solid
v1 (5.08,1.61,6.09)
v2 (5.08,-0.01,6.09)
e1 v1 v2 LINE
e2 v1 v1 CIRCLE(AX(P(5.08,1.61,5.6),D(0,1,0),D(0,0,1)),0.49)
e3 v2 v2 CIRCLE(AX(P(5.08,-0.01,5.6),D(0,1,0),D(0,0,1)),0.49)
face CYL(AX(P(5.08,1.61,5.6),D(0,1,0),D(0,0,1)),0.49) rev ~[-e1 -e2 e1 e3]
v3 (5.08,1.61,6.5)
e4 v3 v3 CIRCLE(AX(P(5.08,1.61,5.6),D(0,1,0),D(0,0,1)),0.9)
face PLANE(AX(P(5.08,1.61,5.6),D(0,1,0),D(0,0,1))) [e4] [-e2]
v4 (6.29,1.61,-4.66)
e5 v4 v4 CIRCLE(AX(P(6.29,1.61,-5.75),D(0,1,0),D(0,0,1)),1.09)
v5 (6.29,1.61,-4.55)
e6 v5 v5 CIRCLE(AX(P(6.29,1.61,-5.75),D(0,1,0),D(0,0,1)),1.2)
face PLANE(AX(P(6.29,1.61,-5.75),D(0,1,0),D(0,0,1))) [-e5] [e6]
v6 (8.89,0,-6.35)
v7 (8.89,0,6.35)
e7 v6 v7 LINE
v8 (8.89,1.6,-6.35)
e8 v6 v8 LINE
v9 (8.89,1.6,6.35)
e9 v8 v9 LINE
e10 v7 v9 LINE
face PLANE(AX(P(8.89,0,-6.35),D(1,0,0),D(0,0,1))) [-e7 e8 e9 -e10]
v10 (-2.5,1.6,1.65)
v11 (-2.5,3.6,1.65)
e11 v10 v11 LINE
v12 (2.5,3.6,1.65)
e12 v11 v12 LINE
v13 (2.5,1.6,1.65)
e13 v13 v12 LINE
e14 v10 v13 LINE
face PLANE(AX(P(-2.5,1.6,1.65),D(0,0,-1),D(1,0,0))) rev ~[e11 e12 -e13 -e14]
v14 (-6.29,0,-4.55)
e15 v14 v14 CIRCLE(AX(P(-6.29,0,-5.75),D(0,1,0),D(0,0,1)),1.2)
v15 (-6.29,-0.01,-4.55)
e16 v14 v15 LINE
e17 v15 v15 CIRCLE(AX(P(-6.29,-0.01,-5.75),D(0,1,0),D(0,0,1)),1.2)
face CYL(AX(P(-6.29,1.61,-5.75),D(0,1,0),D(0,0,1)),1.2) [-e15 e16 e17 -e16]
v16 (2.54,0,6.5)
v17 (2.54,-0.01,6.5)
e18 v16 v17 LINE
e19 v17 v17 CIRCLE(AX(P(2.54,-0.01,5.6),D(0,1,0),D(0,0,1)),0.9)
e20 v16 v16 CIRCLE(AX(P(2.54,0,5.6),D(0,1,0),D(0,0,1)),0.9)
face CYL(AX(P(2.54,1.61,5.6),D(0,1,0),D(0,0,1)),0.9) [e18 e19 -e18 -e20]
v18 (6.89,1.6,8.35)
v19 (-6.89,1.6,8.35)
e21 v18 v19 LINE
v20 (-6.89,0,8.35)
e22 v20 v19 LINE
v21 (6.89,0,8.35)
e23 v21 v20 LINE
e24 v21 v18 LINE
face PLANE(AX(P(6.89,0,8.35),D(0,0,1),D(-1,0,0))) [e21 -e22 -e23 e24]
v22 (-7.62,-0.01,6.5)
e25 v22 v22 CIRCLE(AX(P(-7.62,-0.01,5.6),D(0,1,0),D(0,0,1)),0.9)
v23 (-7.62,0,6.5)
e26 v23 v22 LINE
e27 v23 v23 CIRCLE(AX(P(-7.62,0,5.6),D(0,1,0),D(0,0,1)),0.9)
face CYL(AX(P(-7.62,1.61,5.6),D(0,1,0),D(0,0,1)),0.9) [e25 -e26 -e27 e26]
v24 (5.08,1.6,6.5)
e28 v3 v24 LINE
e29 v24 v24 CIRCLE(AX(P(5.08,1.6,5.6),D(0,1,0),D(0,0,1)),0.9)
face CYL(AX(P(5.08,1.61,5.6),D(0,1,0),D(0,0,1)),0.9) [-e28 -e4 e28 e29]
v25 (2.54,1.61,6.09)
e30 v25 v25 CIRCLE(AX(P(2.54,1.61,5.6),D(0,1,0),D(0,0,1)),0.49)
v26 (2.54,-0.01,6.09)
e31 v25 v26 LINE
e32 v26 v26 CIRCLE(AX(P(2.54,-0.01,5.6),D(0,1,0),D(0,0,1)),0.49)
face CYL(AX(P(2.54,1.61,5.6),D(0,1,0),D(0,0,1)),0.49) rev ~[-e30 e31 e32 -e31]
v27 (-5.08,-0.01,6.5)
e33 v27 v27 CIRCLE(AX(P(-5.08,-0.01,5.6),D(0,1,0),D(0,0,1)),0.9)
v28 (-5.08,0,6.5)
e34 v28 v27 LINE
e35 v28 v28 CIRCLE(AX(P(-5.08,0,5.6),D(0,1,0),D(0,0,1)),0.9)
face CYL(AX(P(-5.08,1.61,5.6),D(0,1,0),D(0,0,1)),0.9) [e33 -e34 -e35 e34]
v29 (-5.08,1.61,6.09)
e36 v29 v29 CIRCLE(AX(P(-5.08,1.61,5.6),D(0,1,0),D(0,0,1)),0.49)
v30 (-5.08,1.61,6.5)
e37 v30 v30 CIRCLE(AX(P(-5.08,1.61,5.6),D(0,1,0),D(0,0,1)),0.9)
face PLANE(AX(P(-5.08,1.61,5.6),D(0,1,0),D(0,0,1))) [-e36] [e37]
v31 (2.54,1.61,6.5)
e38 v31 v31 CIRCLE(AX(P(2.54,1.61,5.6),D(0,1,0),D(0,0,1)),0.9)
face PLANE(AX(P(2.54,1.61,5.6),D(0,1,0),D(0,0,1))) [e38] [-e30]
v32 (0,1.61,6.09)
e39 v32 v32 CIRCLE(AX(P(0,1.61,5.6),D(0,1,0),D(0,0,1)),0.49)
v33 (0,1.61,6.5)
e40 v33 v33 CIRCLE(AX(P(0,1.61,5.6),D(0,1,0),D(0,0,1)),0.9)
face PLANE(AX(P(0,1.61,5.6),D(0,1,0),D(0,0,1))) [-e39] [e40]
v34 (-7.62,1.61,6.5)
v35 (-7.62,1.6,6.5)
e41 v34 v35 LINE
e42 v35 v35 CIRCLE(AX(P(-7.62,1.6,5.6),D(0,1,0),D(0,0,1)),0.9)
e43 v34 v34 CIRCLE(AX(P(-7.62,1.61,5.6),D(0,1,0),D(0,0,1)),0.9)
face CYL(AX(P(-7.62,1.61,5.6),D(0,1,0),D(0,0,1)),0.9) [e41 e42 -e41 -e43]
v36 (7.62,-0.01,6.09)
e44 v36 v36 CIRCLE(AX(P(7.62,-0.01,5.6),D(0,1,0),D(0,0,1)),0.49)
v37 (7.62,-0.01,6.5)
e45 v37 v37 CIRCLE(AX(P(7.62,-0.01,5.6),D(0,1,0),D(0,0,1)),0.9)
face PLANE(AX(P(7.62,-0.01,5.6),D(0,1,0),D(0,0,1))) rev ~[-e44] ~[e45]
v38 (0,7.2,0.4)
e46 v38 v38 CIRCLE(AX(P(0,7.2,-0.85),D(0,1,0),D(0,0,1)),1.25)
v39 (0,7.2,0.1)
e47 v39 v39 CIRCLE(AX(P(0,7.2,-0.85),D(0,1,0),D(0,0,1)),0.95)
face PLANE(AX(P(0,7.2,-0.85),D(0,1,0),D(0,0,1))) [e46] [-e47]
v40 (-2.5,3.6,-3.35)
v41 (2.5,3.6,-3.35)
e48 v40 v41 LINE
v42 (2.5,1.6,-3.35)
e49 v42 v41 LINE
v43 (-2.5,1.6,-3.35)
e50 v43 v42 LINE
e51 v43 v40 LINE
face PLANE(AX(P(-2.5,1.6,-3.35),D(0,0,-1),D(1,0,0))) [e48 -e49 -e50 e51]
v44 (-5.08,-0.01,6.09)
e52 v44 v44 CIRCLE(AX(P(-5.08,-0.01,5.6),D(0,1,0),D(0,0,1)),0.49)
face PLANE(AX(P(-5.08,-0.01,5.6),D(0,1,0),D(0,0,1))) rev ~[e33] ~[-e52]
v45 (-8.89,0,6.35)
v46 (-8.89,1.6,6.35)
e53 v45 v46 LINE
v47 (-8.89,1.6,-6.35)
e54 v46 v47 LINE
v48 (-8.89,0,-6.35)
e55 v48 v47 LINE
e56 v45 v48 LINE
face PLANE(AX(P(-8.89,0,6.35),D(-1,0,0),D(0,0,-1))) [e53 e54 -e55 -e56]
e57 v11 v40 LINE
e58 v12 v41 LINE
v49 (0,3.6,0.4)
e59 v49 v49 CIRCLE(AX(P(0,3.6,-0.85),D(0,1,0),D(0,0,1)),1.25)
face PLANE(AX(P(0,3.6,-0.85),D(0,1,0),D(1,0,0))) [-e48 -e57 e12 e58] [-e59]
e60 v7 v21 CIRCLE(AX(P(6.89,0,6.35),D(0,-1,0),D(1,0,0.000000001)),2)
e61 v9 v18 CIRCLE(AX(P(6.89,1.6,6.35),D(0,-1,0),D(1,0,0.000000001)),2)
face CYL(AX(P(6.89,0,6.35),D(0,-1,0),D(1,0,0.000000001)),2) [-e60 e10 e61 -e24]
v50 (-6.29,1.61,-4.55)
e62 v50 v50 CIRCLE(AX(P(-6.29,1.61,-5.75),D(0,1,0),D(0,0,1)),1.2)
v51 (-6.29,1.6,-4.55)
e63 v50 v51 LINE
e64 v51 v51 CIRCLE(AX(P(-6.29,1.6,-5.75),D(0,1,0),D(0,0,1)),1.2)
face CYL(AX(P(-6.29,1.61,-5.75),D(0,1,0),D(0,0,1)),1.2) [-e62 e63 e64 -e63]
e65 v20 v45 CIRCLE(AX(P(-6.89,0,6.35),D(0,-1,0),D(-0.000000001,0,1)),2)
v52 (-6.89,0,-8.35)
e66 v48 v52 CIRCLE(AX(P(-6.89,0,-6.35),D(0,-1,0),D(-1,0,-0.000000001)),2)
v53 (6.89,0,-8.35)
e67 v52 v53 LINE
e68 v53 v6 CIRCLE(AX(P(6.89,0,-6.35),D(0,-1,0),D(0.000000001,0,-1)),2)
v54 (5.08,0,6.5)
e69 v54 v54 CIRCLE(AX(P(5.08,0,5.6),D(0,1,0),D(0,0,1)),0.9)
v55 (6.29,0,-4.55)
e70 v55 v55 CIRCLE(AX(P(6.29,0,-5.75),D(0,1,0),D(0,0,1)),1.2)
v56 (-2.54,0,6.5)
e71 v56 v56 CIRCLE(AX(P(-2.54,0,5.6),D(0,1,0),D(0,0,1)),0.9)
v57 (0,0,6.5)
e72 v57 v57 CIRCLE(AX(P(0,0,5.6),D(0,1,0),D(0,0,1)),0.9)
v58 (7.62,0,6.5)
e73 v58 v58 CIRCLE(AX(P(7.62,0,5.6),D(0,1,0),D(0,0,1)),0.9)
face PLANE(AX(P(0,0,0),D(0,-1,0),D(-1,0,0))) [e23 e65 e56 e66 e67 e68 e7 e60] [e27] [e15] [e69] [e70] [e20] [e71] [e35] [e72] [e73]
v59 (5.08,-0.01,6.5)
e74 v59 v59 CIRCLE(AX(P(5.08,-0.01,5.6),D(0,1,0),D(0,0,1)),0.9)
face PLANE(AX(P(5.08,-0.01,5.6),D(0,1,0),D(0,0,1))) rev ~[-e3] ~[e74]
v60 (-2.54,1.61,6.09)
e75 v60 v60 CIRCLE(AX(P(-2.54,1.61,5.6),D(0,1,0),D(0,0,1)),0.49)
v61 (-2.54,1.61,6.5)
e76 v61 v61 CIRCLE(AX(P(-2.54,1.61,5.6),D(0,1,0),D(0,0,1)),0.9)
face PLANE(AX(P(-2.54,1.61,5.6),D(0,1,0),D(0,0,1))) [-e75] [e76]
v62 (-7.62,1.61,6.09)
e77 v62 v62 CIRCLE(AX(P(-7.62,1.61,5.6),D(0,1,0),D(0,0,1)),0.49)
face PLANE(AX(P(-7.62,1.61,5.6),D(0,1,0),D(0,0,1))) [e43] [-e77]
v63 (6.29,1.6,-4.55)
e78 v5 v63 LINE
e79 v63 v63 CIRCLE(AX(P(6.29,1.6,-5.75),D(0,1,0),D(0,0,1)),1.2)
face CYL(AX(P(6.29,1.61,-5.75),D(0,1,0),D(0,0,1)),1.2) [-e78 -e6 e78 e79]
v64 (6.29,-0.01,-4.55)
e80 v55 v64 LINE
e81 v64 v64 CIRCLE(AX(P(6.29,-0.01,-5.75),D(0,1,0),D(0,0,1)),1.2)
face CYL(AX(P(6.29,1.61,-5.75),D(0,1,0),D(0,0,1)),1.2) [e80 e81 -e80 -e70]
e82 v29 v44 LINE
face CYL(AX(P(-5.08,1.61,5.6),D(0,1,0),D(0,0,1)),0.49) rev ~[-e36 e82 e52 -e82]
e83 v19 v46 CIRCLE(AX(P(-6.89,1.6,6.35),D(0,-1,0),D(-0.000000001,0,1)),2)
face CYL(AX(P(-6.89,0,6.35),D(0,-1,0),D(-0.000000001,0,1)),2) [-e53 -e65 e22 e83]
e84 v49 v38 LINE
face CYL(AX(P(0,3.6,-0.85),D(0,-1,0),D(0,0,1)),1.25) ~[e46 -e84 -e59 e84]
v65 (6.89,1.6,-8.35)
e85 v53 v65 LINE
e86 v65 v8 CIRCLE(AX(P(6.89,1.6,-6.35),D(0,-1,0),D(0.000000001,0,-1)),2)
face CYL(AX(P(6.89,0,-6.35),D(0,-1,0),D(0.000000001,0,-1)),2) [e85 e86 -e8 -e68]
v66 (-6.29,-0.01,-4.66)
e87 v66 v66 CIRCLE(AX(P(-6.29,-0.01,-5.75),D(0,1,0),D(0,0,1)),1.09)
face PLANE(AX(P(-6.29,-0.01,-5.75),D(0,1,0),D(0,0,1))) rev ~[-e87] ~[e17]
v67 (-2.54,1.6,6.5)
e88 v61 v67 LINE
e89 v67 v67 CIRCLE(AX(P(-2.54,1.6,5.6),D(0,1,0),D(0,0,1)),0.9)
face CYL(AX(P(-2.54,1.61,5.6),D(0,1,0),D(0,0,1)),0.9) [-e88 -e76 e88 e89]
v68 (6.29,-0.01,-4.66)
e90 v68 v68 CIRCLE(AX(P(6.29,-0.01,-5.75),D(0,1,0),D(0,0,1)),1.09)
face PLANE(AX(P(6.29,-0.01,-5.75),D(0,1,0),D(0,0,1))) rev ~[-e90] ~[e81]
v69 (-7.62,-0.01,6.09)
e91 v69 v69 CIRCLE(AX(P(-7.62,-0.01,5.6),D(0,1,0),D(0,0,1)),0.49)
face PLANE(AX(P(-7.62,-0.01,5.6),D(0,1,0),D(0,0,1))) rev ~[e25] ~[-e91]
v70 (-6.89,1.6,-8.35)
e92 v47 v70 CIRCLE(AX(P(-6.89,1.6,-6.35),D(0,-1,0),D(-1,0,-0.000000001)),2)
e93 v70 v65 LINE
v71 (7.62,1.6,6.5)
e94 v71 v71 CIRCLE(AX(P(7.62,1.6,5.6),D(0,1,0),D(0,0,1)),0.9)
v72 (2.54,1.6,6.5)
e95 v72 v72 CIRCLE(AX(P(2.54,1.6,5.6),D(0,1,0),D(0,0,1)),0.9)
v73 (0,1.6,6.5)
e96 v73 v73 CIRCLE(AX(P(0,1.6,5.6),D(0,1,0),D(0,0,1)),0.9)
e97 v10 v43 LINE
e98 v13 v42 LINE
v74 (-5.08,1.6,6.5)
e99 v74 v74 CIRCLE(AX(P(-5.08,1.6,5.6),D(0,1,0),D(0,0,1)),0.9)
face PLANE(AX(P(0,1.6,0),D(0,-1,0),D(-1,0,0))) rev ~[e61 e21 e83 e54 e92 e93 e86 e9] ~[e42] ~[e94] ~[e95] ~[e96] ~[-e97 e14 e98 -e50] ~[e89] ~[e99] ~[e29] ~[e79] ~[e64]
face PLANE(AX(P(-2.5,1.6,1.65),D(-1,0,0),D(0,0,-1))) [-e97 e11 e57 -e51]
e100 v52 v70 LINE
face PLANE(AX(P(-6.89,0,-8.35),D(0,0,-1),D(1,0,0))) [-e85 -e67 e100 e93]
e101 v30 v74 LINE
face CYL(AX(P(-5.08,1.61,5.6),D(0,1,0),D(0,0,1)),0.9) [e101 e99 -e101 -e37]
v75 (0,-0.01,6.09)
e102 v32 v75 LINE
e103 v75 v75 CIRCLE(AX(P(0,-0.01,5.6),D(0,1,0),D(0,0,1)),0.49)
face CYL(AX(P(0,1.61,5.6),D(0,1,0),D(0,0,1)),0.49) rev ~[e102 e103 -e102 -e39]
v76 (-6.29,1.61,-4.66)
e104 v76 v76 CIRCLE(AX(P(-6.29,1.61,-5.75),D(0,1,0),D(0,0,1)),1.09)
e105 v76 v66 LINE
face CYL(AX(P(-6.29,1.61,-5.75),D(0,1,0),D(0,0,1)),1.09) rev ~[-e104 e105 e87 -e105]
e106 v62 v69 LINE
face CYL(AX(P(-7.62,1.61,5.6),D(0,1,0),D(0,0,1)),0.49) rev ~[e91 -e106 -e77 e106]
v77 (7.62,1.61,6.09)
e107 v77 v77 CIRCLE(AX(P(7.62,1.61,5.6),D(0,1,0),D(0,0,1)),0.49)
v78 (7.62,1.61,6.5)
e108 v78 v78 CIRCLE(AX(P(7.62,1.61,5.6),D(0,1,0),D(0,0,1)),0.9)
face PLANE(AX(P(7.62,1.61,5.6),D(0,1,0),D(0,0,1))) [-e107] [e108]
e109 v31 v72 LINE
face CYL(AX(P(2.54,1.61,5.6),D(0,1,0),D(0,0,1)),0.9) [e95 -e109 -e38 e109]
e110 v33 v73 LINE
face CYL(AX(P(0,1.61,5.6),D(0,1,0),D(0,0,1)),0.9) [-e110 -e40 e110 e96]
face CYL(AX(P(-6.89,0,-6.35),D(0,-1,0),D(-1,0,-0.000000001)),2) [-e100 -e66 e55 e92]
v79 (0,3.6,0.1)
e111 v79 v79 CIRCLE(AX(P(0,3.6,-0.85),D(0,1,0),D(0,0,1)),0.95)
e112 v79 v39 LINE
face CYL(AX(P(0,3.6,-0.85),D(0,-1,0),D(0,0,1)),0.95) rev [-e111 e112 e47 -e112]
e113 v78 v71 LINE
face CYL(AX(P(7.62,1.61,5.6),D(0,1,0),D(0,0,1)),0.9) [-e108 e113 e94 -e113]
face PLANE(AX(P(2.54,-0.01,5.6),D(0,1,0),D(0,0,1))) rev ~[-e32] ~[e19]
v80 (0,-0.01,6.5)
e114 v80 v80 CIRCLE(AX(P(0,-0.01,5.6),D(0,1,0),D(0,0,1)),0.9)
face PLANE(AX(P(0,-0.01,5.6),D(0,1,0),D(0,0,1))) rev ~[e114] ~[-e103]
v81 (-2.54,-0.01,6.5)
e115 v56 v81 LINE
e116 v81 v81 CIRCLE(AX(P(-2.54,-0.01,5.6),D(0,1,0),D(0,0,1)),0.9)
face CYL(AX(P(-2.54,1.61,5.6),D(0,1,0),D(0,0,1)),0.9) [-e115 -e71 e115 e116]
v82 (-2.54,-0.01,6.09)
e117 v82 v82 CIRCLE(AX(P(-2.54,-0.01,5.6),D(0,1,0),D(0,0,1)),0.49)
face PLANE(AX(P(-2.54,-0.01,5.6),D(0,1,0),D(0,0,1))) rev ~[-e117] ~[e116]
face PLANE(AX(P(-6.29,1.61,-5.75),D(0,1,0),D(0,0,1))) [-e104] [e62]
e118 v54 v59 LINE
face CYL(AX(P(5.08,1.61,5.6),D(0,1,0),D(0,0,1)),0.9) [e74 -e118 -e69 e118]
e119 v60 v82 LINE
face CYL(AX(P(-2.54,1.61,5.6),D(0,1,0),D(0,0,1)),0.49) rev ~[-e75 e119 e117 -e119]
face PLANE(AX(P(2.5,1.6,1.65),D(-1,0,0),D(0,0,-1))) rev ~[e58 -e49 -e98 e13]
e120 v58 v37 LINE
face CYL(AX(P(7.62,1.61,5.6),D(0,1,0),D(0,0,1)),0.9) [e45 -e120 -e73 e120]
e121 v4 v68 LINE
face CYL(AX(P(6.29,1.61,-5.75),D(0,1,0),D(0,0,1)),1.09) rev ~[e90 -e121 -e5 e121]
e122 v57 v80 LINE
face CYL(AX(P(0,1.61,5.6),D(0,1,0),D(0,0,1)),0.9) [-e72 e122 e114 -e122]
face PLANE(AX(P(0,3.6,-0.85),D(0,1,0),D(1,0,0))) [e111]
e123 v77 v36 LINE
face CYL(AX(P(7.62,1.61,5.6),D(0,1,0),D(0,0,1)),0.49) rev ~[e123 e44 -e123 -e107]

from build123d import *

# Parameters (mm, degrees)
BOSS_EXTRUDE1_DEPTH = 1.6
SKETCH2_R           = 1.1
SKETCH2_R_2         = 0.5
CUT_EXTRUDE1_DEPTH  = 1.6
SKETCH3_R           = 1.2
SKETCH3_R_2         = 1.09
SKETCH3_R_3         = 0.9
SKETCH3_R_4         = 0.49
BOSS_EXTRUDE2_DEPTH = 1.62
SKETCH5_W           = 5
SKETCH5_H           = 5
BOSS_EXTRUDE3_DEPTH = 2
SKETCH6_R           = 1.25
SKETCH6_R_2         = 0.95
BOSS_EXTRUDE4_DEPTH = 3.6


with BuildPart() as part:
    # Sketch1 → Boss-Extrude1 (new body)
    with BuildSketch(Plane(origin=(0, 0, 0), x_dir=(1, 0, 0), z_dir=(0, 1, 0))):
        with BuildLine():
            Line((-6.89, 8.35), (6.89, 8.35))
            ThreePointArc((6.89, 8.35), (8.304213562, 7.764213562), (8.89, 6.35))
            Line((8.89, 6.35), (8.89, -6.35))
            ThreePointArc((8.89, -6.35), (8.304213562, -7.764213562), (6.89, -8.35))
            Line((6.89, -8.35), (-6.89, -8.35))
            ThreePointArc((-6.89, -8.35), (-8.304213562, -7.764213562), (-8.89, -6.35))
            Line((-8.89, -6.35), (-8.89, 6.35))
            ThreePointArc((-8.89, 6.35), (-8.304213562, 7.764213562), (-6.89, 8.35))
        make_face()
    extrude(amount=BOSS_EXTRUDE1_DEPTH)

    # Sketch2 → Cut-Extrude1 (cut)
    with BuildSketch(Plane(origin=(0, 1.6, 0), x_dir=(1, 0, 0), z_dir=(0, 1, 0))):
        with Locations(Location((-6.29, 5.75, 0), (0, 0, 270))):
            Circle(SKETCH2_R)
        with Locations(Location((6.29, 5.75, 0), (0, 0, 90))):
            Circle(SKETCH2_R)
        with Locations(Location((-7.62, -5.6, 0), (0, 0, 270))):
            Circle(SKETCH2_R_2)
        with Locations(Location((-5.08, -5.6, 0), (0, 0, 270))):
            Circle(SKETCH2_R_2)
        with Locations(Location((-2.54, -5.6, 0), (0, 0, 270))):
            Circle(SKETCH2_R_2)
        with Locations(Location((0, -5.6, 0), (0, 0, 270))):
            Circle(SKETCH2_R_2)
        with Locations(Location((2.54, -5.6, 0), (0, 0, 270))):
            Circle(SKETCH2_R_2)
        with Locations(Location((5.08, -5.6, 0), (0, 0, 270))):
            Circle(SKETCH2_R_2)
        with Locations(Location((7.62, -5.6, 0), (0, 0, 270))):
            Circle(SKETCH2_R_2)
    extrude(amount=-CUT_EXTRUDE1_DEPTH, mode=Mode.SUBTRACT)

    # Sketch3 → Boss-Extrude2 (add)
    # profile 1 of 9: a face of its own
    with BuildSketch(Plane(origin=(0, 1.61, 0), x_dir=(1, 0, 0), z_dir=(0, 1, 0))):
        with Locations(Location((-6.29, 5.75, 0), (0, 0, 270))):
            Circle(SKETCH3_R)
        with Locations(Location((-6.29, 5.75, 0), (0, 0, 270))):
            Circle(SKETCH3_R_2, mode=Mode.SUBTRACT)
    # profile 2 of 9: a face of its own
    with BuildSketch(Plane(origin=(0, 1.61, 0), x_dir=(1, 0, 0), z_dir=(0, 1, 0))):
        with Locations(Location((6.29, 5.75, 0), (0, 0, 270))):
            Circle(SKETCH3_R)
        with Locations(Location((6.29, 5.75, 0), (0, 0, 270))):
            Circle(SKETCH3_R_2, mode=Mode.SUBTRACT)
    # profile 3 of 9: a face of its own
    with BuildSketch(Plane(origin=(0, 1.61, 0), x_dir=(1, 0, 0), z_dir=(0, 1, 0))):
        with Locations(Location((7.62, -5.6, 0), (0, 0, 270))):
            Circle(SKETCH3_R_3)
        with Locations(Location((7.62, -5.6, 0), (0, 0, 270))):
            Circle(SKETCH3_R_4, mode=Mode.SUBTRACT)
    # profile 4 of 9: a face of its own
    with BuildSketch(Plane(origin=(0, 1.61, 0), x_dir=(1, 0, 0), z_dir=(0, 1, 0))):
        with Locations(Location((5.08, -5.6, 0), (0, 0, 270))):
            Circle(SKETCH3_R_3)
        with Locations(Location((5.08, -5.6, 0), (0, 0, 270))):
            Circle(SKETCH3_R_4, mode=Mode.SUBTRACT)
    # profile 5 of 9: a face of its own
    with BuildSketch(Plane(origin=(0, 1.61, 0), x_dir=(1, 0, 0), z_dir=(0, 1, 0))):
        with Locations(Location((2.54, -5.6, 0), (0, 0, 270))):
            Circle(SKETCH3_R_3)
        with Locations(Location((2.54, -5.6, 0), (0, 0, 270))):
            Circle(SKETCH3_R_4, mode=Mode.SUBTRACT)
    # profile 6 of 9: a face of its own
    with BuildSketch(Plane(origin=(0, 1.61, 0), x_dir=(1, 0, 0), z_dir=(0, 1, 0))):
        with Locations(Location((0, -5.6, 0), (0, 0, 270))):
            Circle(SKETCH3_R_3)
        with Locations(Location((0, -5.6, 0), (0, 0, 270))):
            Circle(SKETCH3_R_4, mode=Mode.SUBTRACT)
    # profile 7 of 9: a face of its own
    with BuildSketch(Plane(origin=(0, 1.61, 0), x_dir=(1, 0, 0), z_dir=(0, 1, 0))):
        with Locations(Location((-2.54, -5.6, 0), (0, 0, 270))):
            Circle(SKETCH3_R_3)
        with Locations(Location((-2.54, -5.6, 0), (0, 0, 270))):
            Circle(SKETCH3_R_4, mode=Mode.SUBTRACT)
    # profile 8 of 9: a face of its own
    with BuildSketch(Plane(origin=(0, 1.61, 0), x_dir=(1, 0, 0), z_dir=(0, 1, 0))):
        with Locations(Location((-5.08, -5.6, 0), (0, 0, 270))):
            Circle(SKETCH3_R_3)
        with Locations(Location((-5.08, -5.6, 0), (0, 0, 270))):
            Circle(SKETCH3_R_4, mode=Mode.SUBTRACT)
    # profile 9 of 9: a face of its own
    with BuildSketch(Plane(origin=(0, 1.61, 0), x_dir=(1, 0, 0), z_dir=(0, 1, 0))):
        with Locations(Location((-7.62, -5.6, 0), (0, 0, 270))):
            Circle(SKETCH3_R_3)
        with Locations(Location((-7.62, -5.6, 0), (0, 0, 270))):
            Circle(SKETCH3_R_4, mode=Mode.SUBTRACT)
    extrude(amount=-BOSS_EXTRUDE2_DEPTH)

    # Sketch5 → Boss-Extrude3 (add)
    with BuildSketch(Plane(origin=(0, 1.6, 0), x_dir=(1, 0, 0), z_dir=(0, 1, 0))):
        with Locations((0, 0.85)):
            Rectangle(SKETCH5_W, SKETCH5_H)
    extrude(amount=BOSS_EXTRUDE3_DEPTH)

    # Sketch6 → Boss-Extrude4 (add)
    with BuildSketch(Plane(origin=(0, 3.6, 0), x_dir=(1, 0, 0), z_dir=(0, 1, 0))):
        with Locations(Location((0, 0.85, 0), (0, 0, 270))):
            Circle(SKETCH6_R)
        with Locations(Location((0, 0.85, 0), (0, 0, 270))):
            Circle(SKETCH6_R_2, mode=Mode.SUBTRACT)
    extrude(amount=BOSS_EXTRUDE4_DEPTH)


solid = part.part
